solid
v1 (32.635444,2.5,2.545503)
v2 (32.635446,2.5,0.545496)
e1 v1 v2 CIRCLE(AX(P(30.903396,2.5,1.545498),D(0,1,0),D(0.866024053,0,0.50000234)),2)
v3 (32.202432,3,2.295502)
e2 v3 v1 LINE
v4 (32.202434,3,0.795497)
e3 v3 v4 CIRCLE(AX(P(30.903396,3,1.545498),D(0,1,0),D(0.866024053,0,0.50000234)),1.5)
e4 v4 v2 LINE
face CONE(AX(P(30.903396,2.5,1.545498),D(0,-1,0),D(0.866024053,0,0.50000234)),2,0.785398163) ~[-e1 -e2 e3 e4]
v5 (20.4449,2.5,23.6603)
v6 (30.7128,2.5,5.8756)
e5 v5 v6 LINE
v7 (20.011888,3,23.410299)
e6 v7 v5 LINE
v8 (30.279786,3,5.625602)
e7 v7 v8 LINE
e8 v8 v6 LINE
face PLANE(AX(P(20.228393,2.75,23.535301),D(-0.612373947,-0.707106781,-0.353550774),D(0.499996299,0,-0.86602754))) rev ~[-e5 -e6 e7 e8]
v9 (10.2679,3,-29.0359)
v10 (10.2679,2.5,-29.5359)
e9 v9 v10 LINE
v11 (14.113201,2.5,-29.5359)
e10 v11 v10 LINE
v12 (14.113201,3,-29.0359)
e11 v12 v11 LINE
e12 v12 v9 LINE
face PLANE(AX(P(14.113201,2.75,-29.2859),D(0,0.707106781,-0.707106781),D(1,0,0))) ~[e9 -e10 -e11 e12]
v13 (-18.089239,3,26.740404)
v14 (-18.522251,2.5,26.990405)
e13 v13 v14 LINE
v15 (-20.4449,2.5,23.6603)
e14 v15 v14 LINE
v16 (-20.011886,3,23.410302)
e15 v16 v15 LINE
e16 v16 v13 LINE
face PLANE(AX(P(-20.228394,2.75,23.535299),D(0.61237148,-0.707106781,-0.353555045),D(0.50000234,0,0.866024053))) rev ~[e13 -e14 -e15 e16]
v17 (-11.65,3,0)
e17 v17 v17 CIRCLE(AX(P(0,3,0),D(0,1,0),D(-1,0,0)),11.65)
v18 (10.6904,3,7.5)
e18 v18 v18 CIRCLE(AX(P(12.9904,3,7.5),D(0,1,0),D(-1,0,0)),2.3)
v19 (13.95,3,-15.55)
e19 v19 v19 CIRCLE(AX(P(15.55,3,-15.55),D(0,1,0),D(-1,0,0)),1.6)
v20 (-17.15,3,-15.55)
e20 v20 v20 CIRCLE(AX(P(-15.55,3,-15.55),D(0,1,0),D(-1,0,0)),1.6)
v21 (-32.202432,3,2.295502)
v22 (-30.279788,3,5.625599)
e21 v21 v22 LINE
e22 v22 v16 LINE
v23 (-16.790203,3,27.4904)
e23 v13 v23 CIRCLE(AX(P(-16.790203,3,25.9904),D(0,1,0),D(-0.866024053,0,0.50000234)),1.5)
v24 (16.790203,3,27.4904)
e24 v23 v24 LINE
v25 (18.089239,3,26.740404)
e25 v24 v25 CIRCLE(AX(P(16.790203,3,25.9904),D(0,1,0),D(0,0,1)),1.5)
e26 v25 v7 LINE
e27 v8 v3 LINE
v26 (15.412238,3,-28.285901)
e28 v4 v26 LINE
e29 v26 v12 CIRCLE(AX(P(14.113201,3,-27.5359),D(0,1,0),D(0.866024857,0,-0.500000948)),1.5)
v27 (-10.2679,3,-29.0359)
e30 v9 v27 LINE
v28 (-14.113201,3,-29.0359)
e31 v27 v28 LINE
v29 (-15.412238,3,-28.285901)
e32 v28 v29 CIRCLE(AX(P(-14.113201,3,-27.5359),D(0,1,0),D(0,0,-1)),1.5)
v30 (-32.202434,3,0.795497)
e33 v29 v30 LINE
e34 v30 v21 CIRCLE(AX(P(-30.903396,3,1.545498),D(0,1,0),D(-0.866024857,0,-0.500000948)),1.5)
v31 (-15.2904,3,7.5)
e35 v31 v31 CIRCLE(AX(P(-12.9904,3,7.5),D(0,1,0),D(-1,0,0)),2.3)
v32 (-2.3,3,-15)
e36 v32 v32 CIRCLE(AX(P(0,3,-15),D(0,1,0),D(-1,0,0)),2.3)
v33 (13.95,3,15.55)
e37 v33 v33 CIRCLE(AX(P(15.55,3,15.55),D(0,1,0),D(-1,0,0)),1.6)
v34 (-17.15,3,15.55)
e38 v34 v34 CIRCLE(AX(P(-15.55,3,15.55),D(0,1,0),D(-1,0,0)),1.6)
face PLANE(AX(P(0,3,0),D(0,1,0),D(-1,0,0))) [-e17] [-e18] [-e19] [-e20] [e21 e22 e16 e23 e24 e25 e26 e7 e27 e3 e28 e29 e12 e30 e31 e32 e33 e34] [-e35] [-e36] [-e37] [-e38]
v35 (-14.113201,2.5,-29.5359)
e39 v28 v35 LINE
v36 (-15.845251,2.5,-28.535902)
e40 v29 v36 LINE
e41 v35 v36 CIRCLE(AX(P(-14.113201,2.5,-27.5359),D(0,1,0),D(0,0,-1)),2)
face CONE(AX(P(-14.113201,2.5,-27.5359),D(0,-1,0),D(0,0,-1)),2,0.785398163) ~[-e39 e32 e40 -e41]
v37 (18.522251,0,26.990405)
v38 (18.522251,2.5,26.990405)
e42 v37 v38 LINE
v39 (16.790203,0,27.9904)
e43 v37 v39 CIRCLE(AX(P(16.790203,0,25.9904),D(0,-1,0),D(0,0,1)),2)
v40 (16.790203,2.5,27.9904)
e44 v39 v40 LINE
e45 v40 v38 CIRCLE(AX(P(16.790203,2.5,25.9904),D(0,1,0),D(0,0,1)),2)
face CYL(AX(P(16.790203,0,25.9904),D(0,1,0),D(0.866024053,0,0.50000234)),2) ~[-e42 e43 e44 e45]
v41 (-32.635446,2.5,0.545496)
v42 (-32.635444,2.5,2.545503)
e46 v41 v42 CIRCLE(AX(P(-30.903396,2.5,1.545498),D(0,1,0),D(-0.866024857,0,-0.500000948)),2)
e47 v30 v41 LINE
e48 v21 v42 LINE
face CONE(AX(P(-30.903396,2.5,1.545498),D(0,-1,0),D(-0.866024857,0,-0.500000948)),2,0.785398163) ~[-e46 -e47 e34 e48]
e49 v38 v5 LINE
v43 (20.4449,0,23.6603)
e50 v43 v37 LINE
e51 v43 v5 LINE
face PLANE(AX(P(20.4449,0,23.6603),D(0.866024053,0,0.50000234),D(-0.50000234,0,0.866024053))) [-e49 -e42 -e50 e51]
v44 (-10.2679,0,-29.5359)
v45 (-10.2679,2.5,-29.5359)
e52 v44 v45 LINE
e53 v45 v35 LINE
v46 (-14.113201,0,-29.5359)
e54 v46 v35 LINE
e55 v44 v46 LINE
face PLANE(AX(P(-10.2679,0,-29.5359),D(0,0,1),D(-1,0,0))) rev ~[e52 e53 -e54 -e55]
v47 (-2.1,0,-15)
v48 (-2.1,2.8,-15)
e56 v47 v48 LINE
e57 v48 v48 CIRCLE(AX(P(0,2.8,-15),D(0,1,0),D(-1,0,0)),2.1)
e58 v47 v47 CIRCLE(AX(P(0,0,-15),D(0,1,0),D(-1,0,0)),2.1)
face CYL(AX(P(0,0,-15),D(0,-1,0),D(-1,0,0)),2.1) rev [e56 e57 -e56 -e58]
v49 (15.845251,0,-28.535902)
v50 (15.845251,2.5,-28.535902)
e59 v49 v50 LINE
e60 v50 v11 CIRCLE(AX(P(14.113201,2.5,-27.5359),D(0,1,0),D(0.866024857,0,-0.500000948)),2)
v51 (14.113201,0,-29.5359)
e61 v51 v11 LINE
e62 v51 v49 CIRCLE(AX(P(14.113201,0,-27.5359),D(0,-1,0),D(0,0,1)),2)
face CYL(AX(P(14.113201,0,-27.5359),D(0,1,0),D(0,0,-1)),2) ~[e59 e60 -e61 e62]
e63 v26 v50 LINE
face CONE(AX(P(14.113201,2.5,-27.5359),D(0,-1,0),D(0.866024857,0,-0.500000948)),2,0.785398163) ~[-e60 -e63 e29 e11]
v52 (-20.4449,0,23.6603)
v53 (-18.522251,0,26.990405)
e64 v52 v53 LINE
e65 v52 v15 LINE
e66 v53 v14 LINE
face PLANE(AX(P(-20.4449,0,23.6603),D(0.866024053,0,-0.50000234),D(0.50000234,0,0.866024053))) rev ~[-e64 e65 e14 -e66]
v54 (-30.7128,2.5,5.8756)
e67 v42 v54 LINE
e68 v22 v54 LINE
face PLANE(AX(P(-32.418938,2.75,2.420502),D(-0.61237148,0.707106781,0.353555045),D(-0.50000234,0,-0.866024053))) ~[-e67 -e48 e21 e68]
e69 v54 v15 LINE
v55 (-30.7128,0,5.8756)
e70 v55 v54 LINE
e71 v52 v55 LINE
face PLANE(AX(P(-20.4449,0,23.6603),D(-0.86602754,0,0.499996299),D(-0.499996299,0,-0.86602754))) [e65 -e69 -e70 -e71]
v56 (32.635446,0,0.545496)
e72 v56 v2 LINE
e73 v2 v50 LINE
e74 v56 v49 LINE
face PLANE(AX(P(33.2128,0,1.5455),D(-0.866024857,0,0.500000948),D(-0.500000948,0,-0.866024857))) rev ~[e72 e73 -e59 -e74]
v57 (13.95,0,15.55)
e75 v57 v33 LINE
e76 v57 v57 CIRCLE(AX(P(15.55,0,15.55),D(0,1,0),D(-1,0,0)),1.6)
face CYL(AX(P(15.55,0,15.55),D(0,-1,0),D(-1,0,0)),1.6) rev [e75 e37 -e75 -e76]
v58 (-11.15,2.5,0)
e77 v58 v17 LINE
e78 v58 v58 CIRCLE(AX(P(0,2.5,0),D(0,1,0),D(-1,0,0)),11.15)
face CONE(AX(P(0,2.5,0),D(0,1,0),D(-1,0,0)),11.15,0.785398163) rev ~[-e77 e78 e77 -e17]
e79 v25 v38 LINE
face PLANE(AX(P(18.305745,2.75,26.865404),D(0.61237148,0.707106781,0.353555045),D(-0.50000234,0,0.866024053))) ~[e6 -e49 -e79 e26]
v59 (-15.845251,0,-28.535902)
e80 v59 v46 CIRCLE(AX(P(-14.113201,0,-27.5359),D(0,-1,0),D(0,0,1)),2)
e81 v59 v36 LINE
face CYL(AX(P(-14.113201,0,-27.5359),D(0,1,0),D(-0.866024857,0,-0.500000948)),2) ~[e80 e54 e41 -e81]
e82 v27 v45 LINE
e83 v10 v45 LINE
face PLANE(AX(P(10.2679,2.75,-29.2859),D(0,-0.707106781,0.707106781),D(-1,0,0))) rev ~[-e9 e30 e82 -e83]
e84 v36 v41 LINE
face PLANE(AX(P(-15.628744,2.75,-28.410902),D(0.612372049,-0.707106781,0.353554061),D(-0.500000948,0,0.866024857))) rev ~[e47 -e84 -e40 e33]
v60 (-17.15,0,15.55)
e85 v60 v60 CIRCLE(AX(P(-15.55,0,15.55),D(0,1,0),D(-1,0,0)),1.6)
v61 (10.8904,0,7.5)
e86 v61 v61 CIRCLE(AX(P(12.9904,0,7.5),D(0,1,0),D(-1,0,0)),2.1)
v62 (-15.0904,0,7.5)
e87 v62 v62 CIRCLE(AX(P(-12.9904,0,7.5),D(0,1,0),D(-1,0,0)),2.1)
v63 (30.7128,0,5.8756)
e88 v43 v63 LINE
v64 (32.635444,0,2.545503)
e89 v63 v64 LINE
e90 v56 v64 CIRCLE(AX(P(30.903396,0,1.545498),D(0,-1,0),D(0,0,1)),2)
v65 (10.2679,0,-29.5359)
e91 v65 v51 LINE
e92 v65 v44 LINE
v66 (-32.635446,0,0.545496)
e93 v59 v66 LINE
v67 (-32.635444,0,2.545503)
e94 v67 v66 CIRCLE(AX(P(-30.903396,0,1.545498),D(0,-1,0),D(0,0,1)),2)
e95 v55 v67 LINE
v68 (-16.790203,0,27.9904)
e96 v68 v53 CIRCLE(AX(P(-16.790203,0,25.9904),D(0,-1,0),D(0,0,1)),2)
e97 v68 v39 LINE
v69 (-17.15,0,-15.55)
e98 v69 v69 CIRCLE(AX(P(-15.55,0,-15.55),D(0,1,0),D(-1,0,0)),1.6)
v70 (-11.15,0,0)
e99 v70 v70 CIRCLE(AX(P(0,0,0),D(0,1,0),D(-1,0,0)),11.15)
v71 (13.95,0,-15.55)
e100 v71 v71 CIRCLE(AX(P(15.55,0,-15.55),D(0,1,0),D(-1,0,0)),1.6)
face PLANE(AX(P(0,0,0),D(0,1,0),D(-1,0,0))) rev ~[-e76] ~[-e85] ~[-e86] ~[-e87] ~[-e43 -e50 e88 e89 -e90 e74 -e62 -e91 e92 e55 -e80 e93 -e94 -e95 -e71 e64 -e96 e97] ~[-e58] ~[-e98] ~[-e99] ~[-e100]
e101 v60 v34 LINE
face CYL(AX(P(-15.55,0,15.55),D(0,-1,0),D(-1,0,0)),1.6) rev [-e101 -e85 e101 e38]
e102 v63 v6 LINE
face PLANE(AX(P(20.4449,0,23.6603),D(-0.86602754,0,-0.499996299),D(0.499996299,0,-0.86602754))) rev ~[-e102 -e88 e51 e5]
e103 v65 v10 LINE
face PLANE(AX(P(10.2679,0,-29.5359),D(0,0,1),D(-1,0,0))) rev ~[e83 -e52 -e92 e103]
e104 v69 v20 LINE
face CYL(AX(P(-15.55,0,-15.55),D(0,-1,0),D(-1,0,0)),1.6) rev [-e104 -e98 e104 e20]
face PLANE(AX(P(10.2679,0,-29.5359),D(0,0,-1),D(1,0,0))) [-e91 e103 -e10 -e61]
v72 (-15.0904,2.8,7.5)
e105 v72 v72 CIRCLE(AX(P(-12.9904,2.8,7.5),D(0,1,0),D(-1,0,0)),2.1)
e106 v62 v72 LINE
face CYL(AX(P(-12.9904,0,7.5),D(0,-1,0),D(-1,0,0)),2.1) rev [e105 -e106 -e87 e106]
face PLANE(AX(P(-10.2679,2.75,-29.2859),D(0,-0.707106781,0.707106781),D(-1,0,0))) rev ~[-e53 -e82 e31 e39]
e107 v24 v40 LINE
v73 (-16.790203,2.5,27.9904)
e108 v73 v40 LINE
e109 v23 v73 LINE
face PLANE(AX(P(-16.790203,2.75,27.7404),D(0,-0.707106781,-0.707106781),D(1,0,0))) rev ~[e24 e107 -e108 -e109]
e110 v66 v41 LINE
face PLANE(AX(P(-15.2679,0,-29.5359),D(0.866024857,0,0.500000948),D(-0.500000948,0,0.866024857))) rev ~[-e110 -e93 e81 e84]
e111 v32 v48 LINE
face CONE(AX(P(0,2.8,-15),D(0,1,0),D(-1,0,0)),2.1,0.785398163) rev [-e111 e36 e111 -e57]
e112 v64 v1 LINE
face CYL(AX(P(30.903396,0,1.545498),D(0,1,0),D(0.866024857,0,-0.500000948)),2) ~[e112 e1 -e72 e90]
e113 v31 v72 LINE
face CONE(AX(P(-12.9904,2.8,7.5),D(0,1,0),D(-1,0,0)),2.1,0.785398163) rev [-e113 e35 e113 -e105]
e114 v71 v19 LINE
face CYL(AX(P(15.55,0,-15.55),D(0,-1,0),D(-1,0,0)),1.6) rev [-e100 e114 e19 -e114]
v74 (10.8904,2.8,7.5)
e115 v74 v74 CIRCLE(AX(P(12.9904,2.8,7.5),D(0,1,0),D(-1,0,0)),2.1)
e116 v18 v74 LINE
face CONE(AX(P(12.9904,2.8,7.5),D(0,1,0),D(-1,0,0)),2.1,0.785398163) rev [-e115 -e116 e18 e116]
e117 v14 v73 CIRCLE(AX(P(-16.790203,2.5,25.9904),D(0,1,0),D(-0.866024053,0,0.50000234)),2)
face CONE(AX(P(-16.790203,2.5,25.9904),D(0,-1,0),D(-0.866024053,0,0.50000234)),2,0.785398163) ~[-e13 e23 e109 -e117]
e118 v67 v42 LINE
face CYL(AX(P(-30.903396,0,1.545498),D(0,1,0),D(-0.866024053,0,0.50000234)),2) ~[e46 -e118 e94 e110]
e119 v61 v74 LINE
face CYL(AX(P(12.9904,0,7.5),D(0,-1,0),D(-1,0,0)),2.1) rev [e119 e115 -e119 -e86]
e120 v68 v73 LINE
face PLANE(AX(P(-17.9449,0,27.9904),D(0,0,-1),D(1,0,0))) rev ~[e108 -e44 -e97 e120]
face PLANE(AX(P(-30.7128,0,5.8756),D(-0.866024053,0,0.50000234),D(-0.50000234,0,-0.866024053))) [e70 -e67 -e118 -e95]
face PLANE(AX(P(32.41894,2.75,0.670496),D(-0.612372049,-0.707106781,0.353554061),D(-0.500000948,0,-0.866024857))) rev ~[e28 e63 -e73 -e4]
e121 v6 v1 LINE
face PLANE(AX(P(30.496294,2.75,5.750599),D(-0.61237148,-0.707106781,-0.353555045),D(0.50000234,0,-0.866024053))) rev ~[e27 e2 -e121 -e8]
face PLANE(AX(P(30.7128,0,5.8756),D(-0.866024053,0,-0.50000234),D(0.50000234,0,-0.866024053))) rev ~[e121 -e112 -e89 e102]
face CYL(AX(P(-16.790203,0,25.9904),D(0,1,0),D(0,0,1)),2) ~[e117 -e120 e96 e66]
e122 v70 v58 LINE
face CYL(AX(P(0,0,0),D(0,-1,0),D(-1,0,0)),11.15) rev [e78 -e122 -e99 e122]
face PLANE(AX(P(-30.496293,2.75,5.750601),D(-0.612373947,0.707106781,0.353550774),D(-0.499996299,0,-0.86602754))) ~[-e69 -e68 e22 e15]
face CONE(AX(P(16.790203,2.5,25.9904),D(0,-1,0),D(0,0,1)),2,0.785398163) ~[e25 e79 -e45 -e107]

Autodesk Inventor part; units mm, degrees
ref_plane "YZ Plane" through (0, 0, 0) normal (1, 0, 0) x (0, 1, 0)
ref_plane "XZ Plane" through (0, 0, 0) normal (0, 1, 0) x (-1, 0, 0)
ref_plane "XY Plane" through (0, 0, 0) normal (0, 0, 1) x (1, 0, 0)
sketch "Sketch1" plane through (0, 0, 0) normal (0, 1, 0) x (-1, 0, 0)
  circle A0 centre (0, -15) radius 2.1
  circle A1 centre (12.9904, 7.5) radius 2.1
  circle A2 centre (-12.9904, 7.5) radius 2.1
  line L0 (20.4449, 23.6603) -> (30.7128, 5.8756)
  line L1 (-20.4449, 23.6603) -> (-30.7128, 5.8756)
  line L2 (-10.2679, -29.5359) -> (10.2679, -29.5359)
  circle A3 centre (15.55, -15.55) radius 1.6
  circle A4 centre (15.55, 15.55) radius 1.6
  circle A5 centre (-15.55, 15.55) radius 1.6
  circle A6 centre (-15.55, -15.55) radius 1.6
  line L3 (30.7128, 5.8756) -> (33.2128, 1.5455)
  line L4 (-20.4449, 23.6603) -> (-17.9449, 27.9904)
  line L5 (-10.2679, -29.5359) -> (-15.2679, -29.5359)
  line L6 (10.2679, -29.5359) -> (15.2679, -29.5359)
  line L7 (20.4449, 23.6603) -> (17.9449, 27.9904)
  line L8 (-30.7128, 5.8756) -> (-33.2128, 1.5455)
  line L9 (17.9449, 27.9904) -> (-17.9449, 27.9904)
  line L10 (15.2679, -29.5359) -> (33.2128, 1.5455)
  line L11 (17.9449, 27.9904) -> (-17.9449, 27.9904)
  line L12 (-33.2128, 1.5455) -> (-15.2679, -29.5359)
  circle A7 centre (0, 0) radius 11.15
  dimension "d29" = 360
  dimension "d77" = 360
  dimension "d82" = 360
  dimension "d86" = 360
  dimension "d90" = 360
sketch "Sketch4" plane through (0, 0, 0) normal (0, 1, 0) x (-1, 0, 0)
  point P0 (0, 0)
extrude "Extrusion5" add sketch "Sketch1" along normal blind 3
chamfer "Chamfer6" distance 0.5 angle 45 1 edges at (11.15, 3, 0)
chamfer "Chamfer7" distance 0.2 angle 45 3 edges at (-10.8904, 3, 7.5) (2.1, 3, -15) (15.0904, 3, 7.5)
fillet "Fillet1" radius 2 6 edges at (17.9449, 1.5, 27.9904) (33.2128, 1.5, 1.5455) (15.2679, 1.5, -29.5359) (-15.2679, 1.5, -29.5359) (-33.2128, 1.5, 1.5455) (-17.9449, 1.5, 27.9904)
chamfer "Chamfer8" distance 0.5 angle 45 12 edges at (-24.2404, 3, -13.9952) (-32.9034, 3, 1.5455) (-25.5788, 3, 14.7679) (-17.7902, 3, 27.7224) (0, 3, 27.9904) (17.7902, 3, 27.7224) (25.5788, 3, 14.7679) (32.9034, 3, 1.5455) (24.2404, 3, -13.9952) (15.1132, 3, -29.2679) (0, 3, -29.5359) (-15.1132, 3, -29.2679)
properties part number "4_DOF"
